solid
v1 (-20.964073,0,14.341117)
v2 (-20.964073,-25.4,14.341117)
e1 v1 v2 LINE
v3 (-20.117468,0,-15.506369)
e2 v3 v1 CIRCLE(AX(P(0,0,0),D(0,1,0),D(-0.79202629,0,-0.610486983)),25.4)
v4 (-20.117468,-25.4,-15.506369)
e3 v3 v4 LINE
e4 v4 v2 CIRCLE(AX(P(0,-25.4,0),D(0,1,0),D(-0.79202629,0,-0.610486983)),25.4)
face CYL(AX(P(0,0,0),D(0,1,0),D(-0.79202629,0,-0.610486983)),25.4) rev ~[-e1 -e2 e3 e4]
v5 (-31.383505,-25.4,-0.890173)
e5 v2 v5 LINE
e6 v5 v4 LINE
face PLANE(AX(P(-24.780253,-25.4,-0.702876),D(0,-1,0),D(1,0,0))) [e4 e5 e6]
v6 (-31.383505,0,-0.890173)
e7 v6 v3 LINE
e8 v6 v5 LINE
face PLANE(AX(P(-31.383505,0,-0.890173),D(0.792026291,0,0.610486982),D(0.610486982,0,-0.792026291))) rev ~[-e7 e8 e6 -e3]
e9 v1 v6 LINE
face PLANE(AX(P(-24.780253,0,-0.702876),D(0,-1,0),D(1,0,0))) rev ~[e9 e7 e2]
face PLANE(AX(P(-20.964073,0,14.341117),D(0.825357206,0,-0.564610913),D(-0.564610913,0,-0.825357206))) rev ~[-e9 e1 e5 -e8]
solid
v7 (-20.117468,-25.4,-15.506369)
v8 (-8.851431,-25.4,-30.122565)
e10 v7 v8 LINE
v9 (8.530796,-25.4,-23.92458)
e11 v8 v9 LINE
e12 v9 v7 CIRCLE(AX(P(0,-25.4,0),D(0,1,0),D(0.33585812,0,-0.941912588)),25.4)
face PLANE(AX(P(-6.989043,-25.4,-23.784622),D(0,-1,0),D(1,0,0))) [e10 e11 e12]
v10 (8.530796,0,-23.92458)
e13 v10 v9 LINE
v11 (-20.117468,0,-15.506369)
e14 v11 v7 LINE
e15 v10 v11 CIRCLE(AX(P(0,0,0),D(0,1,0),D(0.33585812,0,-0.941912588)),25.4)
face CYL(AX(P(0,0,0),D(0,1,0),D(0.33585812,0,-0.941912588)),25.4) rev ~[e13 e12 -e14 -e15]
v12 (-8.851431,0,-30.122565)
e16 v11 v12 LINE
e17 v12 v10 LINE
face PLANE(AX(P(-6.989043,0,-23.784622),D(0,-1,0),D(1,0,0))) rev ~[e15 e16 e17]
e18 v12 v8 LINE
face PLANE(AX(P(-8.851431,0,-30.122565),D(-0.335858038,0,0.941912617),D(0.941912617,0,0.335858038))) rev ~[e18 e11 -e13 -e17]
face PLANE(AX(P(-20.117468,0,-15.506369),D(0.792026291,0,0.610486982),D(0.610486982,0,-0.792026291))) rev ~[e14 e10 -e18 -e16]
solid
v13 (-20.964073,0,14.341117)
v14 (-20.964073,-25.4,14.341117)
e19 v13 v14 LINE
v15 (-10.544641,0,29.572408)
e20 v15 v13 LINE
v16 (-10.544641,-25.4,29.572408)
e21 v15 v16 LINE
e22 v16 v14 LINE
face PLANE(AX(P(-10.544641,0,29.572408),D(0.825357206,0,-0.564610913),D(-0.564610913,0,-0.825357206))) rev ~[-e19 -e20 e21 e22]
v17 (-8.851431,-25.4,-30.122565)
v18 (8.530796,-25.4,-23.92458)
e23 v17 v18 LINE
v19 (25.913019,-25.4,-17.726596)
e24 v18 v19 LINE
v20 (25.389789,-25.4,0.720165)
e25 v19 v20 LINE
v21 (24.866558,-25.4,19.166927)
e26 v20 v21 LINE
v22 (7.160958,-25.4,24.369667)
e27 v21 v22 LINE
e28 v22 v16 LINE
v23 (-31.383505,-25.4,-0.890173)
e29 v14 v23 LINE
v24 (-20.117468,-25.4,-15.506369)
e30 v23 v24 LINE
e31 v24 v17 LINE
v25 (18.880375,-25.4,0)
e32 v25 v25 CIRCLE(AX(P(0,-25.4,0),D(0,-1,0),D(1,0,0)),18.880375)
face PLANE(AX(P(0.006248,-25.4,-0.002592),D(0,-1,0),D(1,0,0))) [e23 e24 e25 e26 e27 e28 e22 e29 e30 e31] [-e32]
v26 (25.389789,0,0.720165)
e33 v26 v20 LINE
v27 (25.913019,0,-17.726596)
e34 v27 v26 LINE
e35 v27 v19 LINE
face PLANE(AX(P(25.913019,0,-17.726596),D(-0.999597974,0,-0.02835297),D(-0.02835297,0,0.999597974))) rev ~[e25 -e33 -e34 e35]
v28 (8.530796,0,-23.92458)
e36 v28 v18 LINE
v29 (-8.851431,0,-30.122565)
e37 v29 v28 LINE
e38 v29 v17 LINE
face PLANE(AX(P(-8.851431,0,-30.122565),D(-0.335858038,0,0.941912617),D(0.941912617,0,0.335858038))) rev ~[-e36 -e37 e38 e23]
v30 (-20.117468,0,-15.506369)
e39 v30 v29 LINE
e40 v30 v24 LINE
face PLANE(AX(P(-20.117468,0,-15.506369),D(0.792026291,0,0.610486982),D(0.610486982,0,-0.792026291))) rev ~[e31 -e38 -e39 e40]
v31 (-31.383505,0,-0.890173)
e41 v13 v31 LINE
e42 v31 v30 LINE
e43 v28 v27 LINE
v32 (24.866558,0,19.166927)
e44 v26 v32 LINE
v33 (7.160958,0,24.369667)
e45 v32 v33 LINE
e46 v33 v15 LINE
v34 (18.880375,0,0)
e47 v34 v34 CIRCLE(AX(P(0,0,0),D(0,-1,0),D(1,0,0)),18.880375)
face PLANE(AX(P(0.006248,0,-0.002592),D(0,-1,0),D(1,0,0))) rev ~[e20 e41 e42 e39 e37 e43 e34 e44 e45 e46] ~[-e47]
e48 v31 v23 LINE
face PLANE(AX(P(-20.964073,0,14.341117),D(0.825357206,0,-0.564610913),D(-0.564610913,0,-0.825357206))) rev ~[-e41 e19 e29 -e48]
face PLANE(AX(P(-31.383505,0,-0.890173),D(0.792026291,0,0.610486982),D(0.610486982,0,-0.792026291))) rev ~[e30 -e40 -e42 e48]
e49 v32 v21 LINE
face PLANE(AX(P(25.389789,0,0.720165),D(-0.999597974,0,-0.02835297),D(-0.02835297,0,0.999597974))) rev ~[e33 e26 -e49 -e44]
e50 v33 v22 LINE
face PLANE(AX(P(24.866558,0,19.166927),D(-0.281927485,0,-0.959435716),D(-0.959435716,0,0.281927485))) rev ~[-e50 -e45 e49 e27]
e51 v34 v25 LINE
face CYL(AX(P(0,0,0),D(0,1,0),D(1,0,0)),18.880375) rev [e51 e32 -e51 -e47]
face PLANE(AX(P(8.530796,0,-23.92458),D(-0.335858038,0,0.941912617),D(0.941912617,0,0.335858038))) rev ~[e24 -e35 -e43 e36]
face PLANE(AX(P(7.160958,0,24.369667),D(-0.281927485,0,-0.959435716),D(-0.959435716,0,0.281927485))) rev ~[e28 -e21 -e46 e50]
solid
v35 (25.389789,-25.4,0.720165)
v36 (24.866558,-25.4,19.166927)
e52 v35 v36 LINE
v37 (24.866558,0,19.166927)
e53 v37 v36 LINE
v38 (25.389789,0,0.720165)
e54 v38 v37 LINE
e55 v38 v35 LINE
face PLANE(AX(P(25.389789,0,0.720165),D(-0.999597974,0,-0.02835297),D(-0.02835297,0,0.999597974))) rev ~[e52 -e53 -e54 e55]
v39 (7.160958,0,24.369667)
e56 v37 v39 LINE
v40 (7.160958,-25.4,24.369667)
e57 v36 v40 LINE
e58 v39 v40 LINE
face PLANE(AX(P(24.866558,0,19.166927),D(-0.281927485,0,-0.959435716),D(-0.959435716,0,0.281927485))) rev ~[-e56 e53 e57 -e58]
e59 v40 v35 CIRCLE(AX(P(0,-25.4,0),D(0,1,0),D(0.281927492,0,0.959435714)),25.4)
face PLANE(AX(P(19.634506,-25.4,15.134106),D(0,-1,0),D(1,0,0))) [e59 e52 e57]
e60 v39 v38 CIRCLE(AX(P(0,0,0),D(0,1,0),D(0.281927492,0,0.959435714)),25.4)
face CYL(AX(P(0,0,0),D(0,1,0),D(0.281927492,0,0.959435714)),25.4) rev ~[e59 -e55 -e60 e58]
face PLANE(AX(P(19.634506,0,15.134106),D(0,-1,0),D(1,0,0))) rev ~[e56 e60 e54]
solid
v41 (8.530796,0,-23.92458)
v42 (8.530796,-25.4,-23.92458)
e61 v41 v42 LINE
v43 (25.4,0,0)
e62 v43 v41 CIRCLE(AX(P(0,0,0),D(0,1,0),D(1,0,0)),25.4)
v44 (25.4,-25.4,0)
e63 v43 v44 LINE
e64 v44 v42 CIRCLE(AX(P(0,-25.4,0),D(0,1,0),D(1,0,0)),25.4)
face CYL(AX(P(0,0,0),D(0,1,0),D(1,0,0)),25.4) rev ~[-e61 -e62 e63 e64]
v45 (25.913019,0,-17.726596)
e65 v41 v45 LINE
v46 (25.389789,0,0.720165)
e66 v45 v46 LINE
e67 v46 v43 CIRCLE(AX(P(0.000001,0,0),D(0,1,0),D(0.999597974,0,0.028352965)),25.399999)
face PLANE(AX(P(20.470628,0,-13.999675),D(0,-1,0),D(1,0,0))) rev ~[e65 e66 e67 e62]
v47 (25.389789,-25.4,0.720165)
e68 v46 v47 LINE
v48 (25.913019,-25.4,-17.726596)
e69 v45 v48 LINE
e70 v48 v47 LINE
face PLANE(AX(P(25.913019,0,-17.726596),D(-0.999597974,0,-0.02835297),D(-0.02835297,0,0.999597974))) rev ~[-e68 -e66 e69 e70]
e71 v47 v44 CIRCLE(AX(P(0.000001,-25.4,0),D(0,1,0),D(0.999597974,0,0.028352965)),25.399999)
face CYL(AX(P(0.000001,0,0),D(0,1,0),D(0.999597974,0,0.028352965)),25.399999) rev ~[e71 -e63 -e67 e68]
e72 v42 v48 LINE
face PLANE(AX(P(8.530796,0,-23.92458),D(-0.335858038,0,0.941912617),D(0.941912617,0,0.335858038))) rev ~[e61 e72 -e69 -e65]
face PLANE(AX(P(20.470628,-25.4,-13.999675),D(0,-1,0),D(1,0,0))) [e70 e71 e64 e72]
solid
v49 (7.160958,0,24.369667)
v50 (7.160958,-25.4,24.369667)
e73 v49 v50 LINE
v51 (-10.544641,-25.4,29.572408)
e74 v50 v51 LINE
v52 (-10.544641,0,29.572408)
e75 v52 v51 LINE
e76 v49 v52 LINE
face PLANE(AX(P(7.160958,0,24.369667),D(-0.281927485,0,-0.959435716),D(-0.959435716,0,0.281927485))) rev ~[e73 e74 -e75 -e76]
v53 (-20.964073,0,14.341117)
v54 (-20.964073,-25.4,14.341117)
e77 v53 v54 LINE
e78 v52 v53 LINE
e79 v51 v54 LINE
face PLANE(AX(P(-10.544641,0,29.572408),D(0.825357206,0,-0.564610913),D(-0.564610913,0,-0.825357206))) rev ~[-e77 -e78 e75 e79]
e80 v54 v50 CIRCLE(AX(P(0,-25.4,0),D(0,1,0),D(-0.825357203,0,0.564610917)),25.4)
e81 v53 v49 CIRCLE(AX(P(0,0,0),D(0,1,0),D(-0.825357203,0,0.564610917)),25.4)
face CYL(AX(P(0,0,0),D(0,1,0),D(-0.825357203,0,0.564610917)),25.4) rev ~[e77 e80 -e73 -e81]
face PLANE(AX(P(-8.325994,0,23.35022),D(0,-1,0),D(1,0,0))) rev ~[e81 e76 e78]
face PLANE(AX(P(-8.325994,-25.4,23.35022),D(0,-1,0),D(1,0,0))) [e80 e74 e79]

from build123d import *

# Parameters (mm, degrees)
F1_DEPTH = 25.4
F0_R     = 18.8803746014
F2_DEPTH = 25.4


with BuildPart() as f1:
    # F0 (on Front) → F1 (new body)
    with BuildSketch(Plane.XZ):
        with BuildLine():
            ThreePointArc((7.1609582992, 24.3696671343), (20.1174678851, 15.5063692041), (25.3897885366, 0.7201653034))
            Line((25.3897885366, 0.7201653034), (24.8665577157, 19.1669265832))
            Line((24.8665577157, 19.1669265832), (7.1609582992, 24.3696671343))
        make_face()
    extrude(amount=F1_DEPTH)


with BuildPart() as f1b:
    # F0 (on Front) → F1, piece 2 (new body)
    with BuildSketch(Plane.XZ):
        with BuildLine():
            ThreePointArc((-20.9640729468, 14.3411173024), (-8.5307940091, 23.9245805308), (7.1609582992, 24.3696671343))
            Line((7.1609582992, 24.3696671343), (-10.5446414986, 29.5724077975))
            Line((-10.5446414986, 29.5724077975), (-20.9640729468, 14.3411173024))
        make_face()
    extrude(amount=F1_DEPTH)


with BuildPart() as f1c:
    # F0 (on Front) → F1, piece 3 (new body)
    with BuildSketch(Plane.XZ):
        with BuildLine():
            Line((-31.383504561, -0.8901734352), (-20.1174677641, -15.506369361))
            ThreePointArc((-20.1174677641, -15.506369361), (-25.3897885345, -0.7201653795), (-20.9640729468, 14.3411173024))
            Line((-20.9640729468, 14.3411173024), (-31.383504561, -0.8901734352))
        make_face()
    extrude(amount=F1_DEPTH)


with BuildPart() as f1d:
    # F0 (on Front) → F1, piece 4 (new body)
    with BuildSketch(Plane.XZ):
        with BuildLine():
            Line((-8.8514310062, -30.1225652363), (8.530796239, -23.9245797357))
            ThreePointArc((8.530796239, -23.9245797357), (-7.1609570405, -24.3696675042), (-20.1174677641, -15.506369361))
            Line((-20.1174677641, -15.506369361), (-8.8514310062, -30.1225652363))
        make_face()
    extrude(amount=F1_DEPTH)


with BuildPart() as f1e:
    # F0 (on Front) → F1, piece 5 (new body)
    with BuildSketch(Plane.XZ):
        with BuildLine():
            ThreePointArc((25.3897885366, 0.7201653034), (25.3974470059, 0.3601188478), (25.4, 0))
            ThreePointArc((25.4, 0), (20.7586394601, -14.6369015766), (8.530796239, -23.9245797357))
            Line((8.530796239, -23.9245797357), (25.91301935, -17.7265957092))
            Line((25.91301935, -17.7265957092), (25.3897885366, 0.7201653034))
        make_face()
    extrude(amount=F1_DEPTH)


with BuildPart() as f2:
    # F0 (on Front) → F2 (new body)
    with BuildSketch(Plane.XZ):
        with BuildLine():
            ThreePointArc((8.530796239, -23.9245797357), (20.7586394601, -14.6369015766), (25.4, 0))
            ThreePointArc((25.4, 0), (25.3974470059, 0.3601188478), (25.3897885366, 0.7201653034))
            ThreePointArc((25.3897885366, 0.7201653034), (20.1174678851, 15.5063692041), (7.1609582992, 24.3696671343))
            ThreePointArc((7.1609582992, 24.3696671343), (-8.5307940091, 23.9245805308), (-20.9640729468, 14.3411173024))
            ThreePointArc((-20.9640729468, 14.3411173024), (-25.3897885345, -0.7201653795), (-20.1174677641, -15.506369361))
            ThreePointArc((-20.1174677641, -15.506369361), (-7.1609570405, -24.3696675042), (8.530796239, -23.9245797357))
        make_face()
        Circle(F0_R, mode=Mode.SUBTRACT)
        with BuildLine():
            ThreePointArc((25.3897885366, 0.7201653034), (25.3974470059, 0.3601188478), (25.4, 0))
            ThreePointArc((25.4, 0), (20.7586394601, -14.6369015766), (8.530796239, -23.9245797357))
            Line((8.530796239, -23.9245797357), (25.91301935, -17.7265957092))
            Line((25.91301935, -17.7265957092), (25.3897885366, 0.7201653034))
        make_face()
        with BuildLine():
            ThreePointArc((7.1609582992, 24.3696671343), (20.1174678851, 15.5063692041), (25.3897885366, 0.7201653034))
            Line((25.3897885366, 0.7201653034), (24.8665577157, 19.1669265832))
            Line((24.8665577157, 19.1669265832), (7.1609582992, 24.3696671343))
        make_face()
        with BuildLine():
            Line((-8.8514310062, -30.1225652363), (8.530796239, -23.9245797357))
            ThreePointArc((8.530796239, -23.9245797357), (-7.1609570405, -24.3696675042), (-20.1174677641, -15.506369361))
            Line((-20.1174677641, -15.506369361), (-8.8514310062, -30.1225652363))
        make_face()
        with BuildLine():
            ThreePointArc((-20.9640729468, 14.3411173024), (-8.5307940091, 23.9245805308), (7.1609582992, 24.3696671343))
            Line((7.1609582992, 24.3696671343), (-10.5446414986, 29.5724077975))
            Line((-10.5446414986, 29.5724077975), (-20.9640729468, 14.3411173024))
        make_face()
        with BuildLine():
            Line((-31.383504561, -0.8901734352), (-20.1174677641, -15.506369361))
            ThreePointArc((-20.1174677641, -15.506369361), (-25.3897885345, -0.7201653795), (-20.9640729468, 14.3411173024))
            Line((-20.9640729468, 14.3411173024), (-31.383504561, -0.8901734352))
        make_face()
    extrude(amount=F2_DEPTH)


solid = Compound([f1.part, f1b.part, f1c.part, f1d.part, f1e.part, f2.part])
